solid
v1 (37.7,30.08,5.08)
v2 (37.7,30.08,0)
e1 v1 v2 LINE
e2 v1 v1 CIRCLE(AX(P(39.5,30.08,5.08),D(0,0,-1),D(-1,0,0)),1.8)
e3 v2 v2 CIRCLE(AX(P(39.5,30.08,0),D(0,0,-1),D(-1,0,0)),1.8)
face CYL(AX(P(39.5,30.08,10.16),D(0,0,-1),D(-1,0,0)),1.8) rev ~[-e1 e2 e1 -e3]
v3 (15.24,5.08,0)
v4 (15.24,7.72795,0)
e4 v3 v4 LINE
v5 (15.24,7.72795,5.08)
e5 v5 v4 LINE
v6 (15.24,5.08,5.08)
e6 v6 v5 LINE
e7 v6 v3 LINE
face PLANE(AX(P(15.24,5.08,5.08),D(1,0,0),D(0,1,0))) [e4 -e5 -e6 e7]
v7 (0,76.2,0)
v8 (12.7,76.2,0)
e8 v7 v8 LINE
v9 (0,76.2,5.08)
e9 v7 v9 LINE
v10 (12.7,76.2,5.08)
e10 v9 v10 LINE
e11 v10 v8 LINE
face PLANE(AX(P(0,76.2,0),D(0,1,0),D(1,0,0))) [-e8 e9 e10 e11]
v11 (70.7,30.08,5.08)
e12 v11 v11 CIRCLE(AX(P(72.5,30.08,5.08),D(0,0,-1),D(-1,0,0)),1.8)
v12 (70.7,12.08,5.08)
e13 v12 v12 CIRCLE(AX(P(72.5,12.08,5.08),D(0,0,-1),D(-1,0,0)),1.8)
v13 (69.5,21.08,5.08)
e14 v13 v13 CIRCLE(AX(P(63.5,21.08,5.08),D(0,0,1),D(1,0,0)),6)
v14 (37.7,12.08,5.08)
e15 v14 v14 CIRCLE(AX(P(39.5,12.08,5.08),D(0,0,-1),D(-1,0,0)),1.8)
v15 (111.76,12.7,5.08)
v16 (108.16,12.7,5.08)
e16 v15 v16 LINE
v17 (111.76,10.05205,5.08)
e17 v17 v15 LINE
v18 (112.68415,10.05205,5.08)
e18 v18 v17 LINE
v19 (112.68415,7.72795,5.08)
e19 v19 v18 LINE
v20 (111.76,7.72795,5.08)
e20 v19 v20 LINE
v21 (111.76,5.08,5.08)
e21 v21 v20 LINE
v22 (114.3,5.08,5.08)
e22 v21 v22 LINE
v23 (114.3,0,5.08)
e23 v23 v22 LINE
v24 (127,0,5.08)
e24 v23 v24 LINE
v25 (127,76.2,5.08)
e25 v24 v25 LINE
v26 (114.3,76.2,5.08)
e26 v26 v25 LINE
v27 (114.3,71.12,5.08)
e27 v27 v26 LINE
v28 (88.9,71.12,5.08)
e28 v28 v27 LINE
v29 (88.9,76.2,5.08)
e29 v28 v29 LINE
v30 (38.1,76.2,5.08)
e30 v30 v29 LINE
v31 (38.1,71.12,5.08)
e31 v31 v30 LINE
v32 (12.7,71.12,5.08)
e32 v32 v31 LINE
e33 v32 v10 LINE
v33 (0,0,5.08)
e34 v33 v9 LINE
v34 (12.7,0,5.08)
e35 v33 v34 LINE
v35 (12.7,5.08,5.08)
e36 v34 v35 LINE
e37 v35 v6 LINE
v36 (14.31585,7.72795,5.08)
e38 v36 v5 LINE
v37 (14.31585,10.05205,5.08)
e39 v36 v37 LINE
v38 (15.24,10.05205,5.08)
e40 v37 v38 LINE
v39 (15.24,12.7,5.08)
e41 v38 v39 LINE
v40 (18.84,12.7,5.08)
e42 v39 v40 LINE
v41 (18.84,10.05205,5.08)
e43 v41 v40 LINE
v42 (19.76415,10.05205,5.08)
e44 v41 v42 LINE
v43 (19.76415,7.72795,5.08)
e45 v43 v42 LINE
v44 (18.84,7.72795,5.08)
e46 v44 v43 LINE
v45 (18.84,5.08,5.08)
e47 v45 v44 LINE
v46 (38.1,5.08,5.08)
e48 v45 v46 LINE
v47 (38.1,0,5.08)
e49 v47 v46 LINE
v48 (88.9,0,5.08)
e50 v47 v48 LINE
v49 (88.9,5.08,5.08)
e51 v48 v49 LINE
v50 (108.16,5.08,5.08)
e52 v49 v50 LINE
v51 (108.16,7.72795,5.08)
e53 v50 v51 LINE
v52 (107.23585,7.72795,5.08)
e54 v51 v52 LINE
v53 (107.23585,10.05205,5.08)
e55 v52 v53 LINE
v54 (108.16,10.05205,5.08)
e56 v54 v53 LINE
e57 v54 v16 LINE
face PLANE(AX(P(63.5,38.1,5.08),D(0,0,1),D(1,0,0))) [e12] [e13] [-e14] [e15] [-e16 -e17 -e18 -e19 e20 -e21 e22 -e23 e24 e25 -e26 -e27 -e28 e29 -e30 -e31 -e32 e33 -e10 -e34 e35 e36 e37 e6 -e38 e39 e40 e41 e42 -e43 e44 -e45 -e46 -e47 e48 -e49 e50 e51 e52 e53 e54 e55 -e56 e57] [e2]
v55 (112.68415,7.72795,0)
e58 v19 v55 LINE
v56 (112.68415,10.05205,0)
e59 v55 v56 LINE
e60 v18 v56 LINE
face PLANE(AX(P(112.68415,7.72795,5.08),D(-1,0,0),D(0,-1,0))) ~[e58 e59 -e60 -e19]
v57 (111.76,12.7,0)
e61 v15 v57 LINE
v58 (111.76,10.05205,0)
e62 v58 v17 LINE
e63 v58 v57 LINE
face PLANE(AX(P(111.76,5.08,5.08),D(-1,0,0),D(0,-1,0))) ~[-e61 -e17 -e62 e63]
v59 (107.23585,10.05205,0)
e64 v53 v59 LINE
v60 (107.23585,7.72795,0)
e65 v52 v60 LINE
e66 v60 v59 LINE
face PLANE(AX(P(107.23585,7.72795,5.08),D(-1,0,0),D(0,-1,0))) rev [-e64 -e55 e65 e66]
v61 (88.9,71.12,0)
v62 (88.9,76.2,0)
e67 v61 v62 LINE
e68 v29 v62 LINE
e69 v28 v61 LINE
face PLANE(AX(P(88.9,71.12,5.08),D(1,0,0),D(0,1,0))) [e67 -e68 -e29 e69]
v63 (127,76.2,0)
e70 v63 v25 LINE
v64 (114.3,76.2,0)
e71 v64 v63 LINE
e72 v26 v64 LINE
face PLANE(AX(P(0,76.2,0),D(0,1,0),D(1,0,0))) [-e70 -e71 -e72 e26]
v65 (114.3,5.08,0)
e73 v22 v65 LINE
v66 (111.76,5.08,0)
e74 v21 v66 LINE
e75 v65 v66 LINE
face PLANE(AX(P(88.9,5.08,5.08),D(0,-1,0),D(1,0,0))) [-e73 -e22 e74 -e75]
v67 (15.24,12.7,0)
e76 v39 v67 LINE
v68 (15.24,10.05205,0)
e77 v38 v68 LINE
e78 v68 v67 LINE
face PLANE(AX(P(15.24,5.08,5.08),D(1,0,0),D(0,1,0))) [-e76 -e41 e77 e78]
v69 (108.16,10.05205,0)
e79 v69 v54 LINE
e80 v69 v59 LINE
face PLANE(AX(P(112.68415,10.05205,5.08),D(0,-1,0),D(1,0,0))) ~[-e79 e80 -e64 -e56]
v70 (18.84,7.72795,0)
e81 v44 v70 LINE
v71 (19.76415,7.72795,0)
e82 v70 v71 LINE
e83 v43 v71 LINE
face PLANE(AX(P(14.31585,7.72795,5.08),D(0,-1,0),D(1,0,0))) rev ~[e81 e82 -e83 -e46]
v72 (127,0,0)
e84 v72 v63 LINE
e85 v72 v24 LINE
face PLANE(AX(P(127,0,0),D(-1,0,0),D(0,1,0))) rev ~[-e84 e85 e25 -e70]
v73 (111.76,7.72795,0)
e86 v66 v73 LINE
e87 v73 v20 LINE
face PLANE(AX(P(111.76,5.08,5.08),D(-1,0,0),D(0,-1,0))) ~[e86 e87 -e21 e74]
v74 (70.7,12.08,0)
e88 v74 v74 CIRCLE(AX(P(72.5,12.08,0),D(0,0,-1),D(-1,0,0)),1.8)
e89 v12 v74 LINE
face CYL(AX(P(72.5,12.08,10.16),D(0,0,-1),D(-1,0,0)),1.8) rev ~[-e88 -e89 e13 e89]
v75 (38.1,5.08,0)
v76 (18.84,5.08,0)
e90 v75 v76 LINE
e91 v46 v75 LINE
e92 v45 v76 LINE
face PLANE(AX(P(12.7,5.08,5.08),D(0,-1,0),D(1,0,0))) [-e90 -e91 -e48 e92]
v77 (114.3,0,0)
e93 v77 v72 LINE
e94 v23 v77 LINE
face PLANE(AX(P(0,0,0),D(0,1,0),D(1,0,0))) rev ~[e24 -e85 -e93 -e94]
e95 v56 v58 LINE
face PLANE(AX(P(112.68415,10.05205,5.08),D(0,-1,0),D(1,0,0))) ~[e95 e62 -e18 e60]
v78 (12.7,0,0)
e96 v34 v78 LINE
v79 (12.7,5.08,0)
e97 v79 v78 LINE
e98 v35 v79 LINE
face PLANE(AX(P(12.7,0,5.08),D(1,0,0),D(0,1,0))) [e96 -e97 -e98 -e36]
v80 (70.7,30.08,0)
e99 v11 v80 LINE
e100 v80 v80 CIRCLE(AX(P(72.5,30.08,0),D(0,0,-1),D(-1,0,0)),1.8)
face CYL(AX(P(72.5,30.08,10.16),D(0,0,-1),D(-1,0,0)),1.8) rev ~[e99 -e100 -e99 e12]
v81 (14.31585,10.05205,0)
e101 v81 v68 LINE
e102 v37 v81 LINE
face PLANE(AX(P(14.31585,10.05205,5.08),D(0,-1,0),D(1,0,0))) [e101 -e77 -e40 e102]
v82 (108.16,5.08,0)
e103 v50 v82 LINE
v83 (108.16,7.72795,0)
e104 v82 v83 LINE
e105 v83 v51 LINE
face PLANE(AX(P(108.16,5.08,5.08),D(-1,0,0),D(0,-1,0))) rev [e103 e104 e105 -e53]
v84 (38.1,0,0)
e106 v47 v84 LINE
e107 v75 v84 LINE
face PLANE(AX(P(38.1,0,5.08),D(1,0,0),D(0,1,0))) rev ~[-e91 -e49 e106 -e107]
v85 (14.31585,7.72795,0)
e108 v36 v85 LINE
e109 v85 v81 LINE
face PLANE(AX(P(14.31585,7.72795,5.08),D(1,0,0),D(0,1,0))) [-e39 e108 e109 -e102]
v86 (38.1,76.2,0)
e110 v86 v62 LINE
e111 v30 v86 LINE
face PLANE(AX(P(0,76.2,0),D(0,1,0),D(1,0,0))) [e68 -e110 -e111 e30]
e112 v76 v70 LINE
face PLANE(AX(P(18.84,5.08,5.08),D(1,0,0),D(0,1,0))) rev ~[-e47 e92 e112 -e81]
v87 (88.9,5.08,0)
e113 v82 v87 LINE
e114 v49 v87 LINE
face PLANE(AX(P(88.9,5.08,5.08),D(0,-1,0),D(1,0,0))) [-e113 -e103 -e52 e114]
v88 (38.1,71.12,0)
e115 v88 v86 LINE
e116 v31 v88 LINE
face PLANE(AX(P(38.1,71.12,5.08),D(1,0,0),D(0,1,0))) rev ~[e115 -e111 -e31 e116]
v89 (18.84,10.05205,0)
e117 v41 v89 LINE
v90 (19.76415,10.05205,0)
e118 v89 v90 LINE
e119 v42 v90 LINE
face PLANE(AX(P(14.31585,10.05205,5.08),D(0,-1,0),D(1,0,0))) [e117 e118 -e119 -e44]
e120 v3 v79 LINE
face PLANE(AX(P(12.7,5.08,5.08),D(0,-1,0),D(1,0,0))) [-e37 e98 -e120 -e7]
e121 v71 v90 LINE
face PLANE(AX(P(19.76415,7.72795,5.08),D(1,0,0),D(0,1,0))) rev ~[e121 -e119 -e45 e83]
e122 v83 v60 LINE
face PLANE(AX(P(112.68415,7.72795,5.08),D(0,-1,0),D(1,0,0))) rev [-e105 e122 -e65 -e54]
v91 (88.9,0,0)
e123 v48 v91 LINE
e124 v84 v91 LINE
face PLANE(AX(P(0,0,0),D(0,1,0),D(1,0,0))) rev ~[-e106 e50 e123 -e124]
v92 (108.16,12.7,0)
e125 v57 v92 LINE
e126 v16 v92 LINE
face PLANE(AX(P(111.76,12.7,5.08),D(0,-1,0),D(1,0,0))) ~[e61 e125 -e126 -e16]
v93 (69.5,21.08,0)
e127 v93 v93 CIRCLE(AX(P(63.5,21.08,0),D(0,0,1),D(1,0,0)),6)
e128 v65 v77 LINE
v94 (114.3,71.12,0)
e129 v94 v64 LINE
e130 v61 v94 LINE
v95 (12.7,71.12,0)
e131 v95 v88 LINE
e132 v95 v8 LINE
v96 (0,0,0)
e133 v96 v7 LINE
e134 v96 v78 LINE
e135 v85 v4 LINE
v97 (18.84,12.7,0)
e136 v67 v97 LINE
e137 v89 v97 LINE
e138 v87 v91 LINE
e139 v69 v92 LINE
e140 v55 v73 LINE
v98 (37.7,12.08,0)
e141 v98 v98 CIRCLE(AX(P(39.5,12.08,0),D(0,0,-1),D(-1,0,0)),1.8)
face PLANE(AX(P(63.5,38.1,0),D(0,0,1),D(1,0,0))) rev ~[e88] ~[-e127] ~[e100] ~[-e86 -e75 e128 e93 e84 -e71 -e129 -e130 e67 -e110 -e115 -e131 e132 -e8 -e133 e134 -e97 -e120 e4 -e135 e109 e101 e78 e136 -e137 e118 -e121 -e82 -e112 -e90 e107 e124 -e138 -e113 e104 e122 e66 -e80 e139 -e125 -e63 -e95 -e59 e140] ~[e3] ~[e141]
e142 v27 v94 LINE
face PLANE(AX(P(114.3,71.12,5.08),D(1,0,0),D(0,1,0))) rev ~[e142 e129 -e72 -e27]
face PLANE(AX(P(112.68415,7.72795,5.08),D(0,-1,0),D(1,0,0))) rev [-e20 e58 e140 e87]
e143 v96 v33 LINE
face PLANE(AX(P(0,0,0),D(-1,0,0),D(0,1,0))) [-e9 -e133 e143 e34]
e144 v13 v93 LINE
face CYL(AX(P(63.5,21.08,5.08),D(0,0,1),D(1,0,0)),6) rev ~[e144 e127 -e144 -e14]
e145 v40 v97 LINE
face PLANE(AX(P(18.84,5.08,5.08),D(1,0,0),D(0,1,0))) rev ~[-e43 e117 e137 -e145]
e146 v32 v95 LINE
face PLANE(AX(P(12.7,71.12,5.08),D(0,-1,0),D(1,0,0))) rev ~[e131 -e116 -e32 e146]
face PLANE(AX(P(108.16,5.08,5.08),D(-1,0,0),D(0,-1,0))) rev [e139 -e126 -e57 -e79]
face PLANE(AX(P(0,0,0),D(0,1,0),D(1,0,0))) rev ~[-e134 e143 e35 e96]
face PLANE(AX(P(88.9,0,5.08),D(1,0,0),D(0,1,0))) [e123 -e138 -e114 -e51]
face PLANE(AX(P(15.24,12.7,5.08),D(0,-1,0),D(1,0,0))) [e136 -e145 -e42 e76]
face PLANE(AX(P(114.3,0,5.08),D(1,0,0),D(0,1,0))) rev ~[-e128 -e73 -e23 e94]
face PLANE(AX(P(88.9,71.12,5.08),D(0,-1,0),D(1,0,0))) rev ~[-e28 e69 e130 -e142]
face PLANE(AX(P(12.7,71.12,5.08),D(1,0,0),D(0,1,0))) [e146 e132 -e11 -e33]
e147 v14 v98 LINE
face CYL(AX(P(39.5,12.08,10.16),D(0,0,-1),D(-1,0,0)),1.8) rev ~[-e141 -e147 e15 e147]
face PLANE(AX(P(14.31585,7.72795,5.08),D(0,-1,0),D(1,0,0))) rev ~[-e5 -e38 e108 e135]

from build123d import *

# Parameters (mm, degrees)
SKETCH1_W                = 127
SKETCH1_H                = 76.2
BOSS_EXTRUDE1_DEPTH      = 5.08
CUT_EXTRUDE1_REACH       = 7.08
SKETCH2_W                = 25.4
SKETCH2_H                = 5.08
SKETCH3_W                = 25.4
SKETCH3_H                = 5.08
CUT_EXTRUDE2_DEPTH       = 6.08
CUT_EXTRUDE3_REACH       = 7.08
SKETCH4_R                = 6
SKETCH8_W                = 3.599999912
SKETCH8_H                = 7.62
CUT_EXTRUDE6_DEPTH       = 5.08
SKETCH9_W                = 5.4483
SKETCH9_H                = 2.3241
CUT_EXTRUDE7_DEPTH       = 5.08
M3_CLEARANCE_HOLE1_D     = 3.6
M3_CLEARANCE_HOLE1_DEPTH = 5.08


with BuildPart() as part:
    # Sketch1 → Boss-Extrude1 (new body)
    with BuildSketch(Plane.XY):
        with Locations((63.5, 38.1)):
            Rectangle(SKETCH1_W, SKETCH1_H)
    extrude(amount=BOSS_EXTRUDE1_DEPTH)

    # Sketch2 → Cut-Extrude1 (cut, up to next)
    with BuildSketch(Plane.XY.offset(5.08), mode=Mode.PRIVATE) as cut_extrude1_sk1:
        with Locations((25.4, 2.54)):
            Rectangle(SKETCH2_W, SKETCH2_H)
    cut_extrude1_tool1 = extrude(cut_extrude1_sk1.sketch, amount=-CUT_EXTRUDE1_REACH, mode=Mode.PRIVATE) & part.part
    add(cut_extrude1_tool1.solids().sort_by_distance((25.4, 2.54, 5.08))[0], mode=Mode.SUBTRACT)
    # Sketch2 → Cut-Extrude1 (cut, up to next)
    with BuildSketch(Plane.XY.offset(5.08), mode=Mode.PRIVATE) as cut_extrude1_sk2:
        with Locations((101.6, 2.54)):
            Rectangle(SKETCH2_W, SKETCH2_H)
    cut_extrude1_tool2 = extrude(cut_extrude1_sk2.sketch, amount=-CUT_EXTRUDE1_REACH, mode=Mode.PRIVATE) & part.part
    add(cut_extrude1_tool2.solids().sort_by_distance((101.6, 2.54, 5.08))[0], mode=Mode.SUBTRACT)

    # Sketch3 → Cut-Extrude2 (cut, through all)
    with BuildSketch(Plane.XY.offset(5.08)):
        with Locations((25.4, 73.66)):
            Rectangle(SKETCH3_W, SKETCH3_H)
        with Locations((101.6, 73.66)):
            Rectangle(SKETCH3_W, SKETCH3_H)
    extrude(amount=-CUT_EXTRUDE2_DEPTH, mode=Mode.SUBTRACT)

    # Sketch4 → Cut-Extrude3 (cut, up to next)
    with BuildSketch(Plane.XY.offset(5.08), mode=Mode.PRIVATE) as cut_extrude3_sk1:
        with Locations((63.5, 21.08)):
            Circle(SKETCH4_R)
    cut_extrude3_tool1 = extrude(cut_extrude3_sk1.sketch, amount=-CUT_EXTRUDE3_REACH, mode=Mode.PRIVATE) & part.part
    add(cut_extrude3_tool1.solids().sort_by_distance((63.5, 21.08, 5.08))[0], mode=Mode.SUBTRACT)

    # Sketch8 → Cut-Extrude6 (cut)
    with BuildSketch(Plane.XY.offset(5.08)):
        with Locations((17.039999956, 8.89)):
            Rectangle(SKETCH8_W, SKETCH8_H)
    cut_extrude6 = extrude(amount=-CUT_EXTRUDE6_DEPTH, mode=Mode.SUBTRACT)

    # Sketch9 → Cut-Extrude7 (cut)
    with BuildSketch(Plane.XY.offset(5.08)):
        with Locations((17.039999956, 8.89)):
            Rectangle(SKETCH9_W, SKETCH9_H)
    cut_extrude7 = extrude(amount=-CUT_EXTRUDE7_DEPTH, mode=Mode.SUBTRACT)

    # Mirror1: Cut-Extrude6, Cut-Extrude7 across plane
    add(cut_extrude6.mirror(Plane.ZY.offset(-63.5)), mode=Mode.SUBTRACT)
    add(cut_extrude7.mirror(Plane.ZY.offset(-63.5)), mode=Mode.SUBTRACT)

    # M3 Clearance Hole1
    with Locations(Plane.XY.offset(5.08)):
        with Locations((39.5, 30.08), (72.5, 30.08), (72.5, 12.08), (39.5, 12.08)):
            Hole(M3_CLEARANCE_HOLE1_D / 2, depth=M3_CLEARANCE_HOLE1_DEPTH)


solid = part.part
